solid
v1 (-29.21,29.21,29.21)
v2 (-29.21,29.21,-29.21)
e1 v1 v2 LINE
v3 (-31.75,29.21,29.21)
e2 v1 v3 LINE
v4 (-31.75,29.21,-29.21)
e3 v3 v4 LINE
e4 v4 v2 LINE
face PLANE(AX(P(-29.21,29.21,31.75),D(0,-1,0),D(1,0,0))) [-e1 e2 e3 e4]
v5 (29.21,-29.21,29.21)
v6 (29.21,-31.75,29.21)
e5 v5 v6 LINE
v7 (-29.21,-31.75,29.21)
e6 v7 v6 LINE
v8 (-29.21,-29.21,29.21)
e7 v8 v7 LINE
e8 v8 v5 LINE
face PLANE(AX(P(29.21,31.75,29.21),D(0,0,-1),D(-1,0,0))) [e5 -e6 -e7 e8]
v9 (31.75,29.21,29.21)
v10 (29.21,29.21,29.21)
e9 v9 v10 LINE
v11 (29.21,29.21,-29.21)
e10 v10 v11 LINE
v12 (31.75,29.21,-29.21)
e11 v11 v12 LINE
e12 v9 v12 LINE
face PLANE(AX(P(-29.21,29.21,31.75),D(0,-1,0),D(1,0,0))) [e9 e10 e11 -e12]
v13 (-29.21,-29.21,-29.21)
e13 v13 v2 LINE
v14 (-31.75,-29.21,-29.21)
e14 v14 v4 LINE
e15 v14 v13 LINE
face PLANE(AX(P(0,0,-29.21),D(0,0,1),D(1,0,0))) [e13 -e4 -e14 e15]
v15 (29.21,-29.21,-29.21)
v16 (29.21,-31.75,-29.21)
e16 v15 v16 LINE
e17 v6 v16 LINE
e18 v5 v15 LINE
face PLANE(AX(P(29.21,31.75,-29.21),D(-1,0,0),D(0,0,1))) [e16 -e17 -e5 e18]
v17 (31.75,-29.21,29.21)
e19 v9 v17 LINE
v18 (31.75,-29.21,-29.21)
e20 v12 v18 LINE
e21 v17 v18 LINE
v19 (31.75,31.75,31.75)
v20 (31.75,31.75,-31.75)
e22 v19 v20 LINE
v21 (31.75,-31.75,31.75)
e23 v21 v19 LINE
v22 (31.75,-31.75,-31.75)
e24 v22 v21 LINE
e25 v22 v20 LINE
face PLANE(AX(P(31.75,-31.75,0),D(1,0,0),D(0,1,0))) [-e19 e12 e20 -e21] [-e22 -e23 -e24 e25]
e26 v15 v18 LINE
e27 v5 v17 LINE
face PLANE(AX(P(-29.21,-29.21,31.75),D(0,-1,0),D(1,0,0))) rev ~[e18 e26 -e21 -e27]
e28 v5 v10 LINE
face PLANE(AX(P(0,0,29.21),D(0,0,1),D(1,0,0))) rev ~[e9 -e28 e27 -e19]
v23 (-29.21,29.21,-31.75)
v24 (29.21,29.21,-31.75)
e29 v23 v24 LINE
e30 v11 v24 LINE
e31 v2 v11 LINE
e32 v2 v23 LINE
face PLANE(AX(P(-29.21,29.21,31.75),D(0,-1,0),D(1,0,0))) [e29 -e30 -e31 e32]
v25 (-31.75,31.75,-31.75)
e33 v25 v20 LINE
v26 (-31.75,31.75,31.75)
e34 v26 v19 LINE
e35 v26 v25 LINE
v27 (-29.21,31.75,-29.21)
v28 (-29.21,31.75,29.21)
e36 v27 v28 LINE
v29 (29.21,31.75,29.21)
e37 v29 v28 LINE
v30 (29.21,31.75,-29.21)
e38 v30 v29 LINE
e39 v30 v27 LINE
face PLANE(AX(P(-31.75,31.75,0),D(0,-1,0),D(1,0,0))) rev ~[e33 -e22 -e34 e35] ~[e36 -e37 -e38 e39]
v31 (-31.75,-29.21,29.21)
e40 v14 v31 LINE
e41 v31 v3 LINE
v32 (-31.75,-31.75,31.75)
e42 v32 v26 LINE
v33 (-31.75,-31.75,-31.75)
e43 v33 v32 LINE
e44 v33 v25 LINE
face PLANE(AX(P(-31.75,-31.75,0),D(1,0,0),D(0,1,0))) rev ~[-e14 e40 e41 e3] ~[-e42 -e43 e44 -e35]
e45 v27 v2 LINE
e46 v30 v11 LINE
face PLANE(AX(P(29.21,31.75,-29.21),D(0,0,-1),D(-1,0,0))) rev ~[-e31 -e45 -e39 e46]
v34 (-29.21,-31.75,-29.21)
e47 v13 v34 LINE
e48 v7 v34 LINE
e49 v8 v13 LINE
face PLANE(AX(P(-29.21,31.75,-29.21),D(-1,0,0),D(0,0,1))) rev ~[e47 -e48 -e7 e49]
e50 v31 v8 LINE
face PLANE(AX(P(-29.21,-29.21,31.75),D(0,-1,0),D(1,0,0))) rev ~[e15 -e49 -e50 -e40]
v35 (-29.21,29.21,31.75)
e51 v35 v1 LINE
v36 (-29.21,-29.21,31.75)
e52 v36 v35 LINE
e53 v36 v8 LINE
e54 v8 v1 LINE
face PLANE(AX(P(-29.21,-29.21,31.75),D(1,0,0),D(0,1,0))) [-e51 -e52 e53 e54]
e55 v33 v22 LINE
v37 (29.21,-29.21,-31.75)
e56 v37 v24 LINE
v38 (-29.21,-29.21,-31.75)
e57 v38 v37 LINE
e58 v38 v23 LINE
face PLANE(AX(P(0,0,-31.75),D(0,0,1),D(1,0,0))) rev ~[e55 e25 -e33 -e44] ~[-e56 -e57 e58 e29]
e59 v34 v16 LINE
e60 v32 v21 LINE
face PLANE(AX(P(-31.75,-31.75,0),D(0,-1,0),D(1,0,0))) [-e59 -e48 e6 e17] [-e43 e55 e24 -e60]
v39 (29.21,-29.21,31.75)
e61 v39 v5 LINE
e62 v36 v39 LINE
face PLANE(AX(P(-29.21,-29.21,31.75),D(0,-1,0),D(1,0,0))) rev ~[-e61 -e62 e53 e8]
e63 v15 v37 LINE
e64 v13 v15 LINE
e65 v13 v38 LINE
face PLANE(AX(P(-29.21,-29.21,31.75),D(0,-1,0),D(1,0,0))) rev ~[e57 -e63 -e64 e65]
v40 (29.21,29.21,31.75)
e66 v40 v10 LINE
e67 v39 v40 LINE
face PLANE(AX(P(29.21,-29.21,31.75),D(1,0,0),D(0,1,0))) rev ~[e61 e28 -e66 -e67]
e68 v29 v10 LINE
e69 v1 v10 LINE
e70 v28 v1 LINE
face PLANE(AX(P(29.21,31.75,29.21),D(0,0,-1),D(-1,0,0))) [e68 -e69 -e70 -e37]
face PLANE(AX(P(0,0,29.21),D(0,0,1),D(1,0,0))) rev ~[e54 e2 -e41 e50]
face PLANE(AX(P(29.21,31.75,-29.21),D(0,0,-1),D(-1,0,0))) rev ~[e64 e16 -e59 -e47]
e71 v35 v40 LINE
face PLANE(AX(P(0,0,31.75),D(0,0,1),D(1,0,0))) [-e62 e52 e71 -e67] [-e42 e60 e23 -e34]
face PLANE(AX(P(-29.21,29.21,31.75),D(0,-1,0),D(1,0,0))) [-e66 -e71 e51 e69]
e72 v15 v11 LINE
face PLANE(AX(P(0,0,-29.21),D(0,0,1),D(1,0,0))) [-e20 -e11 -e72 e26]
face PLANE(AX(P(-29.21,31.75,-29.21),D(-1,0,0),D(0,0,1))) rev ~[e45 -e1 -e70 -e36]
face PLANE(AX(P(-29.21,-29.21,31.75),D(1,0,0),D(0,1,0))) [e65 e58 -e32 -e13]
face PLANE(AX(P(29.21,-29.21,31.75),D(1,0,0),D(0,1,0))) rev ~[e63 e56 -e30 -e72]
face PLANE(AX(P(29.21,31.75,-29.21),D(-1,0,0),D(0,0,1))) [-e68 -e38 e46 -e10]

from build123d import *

# Parameters (mm, degrees)
F0_W     = 63.5
F0_H     = 63.5
F1_DEPTH = 31.75
F2_T     = -2.54
F3_DEPTH = 2.541
F4_W     = 58.42
F4_H     = 58.42
F5_DEPTH = 63.501
F6_W     = 58.42
F6_H     = 58.42
F7_DEPTH = 63.501


with BuildPart() as f1:
    # F0 (on Top) → F1 (new body, symmetric)
    with BuildSketch(Plane.XY):
        Rectangle(F0_W, F0_H)
    extrude(amount=F1_DEPTH, both=True)

    # F2
    f2_openings = [f1.faces().sort_by_distance(p)[0] for p in [
        (-31.75, 0, 0),
    ]]
    offset(amount=F2_T, openings=f2_openings)

    # F3 (cut, through all): a face of the model
    f3_faces = [f1.faces().sort_by_distance(p)[0] for p in [
        (29.21, 0, 0),
    ]]
    extrude(f3_faces, amount=-F3_DEPTH, mode=Mode.SUBTRACT)

    # F4 (on face) → F5 (cut, through all)
    with BuildSketch(Plane.XY.offset(31.75)):
        Rectangle(F4_W, F4_H)
    extrude(amount=-F5_DEPTH, mode=Mode.SUBTRACT)

    # F6 (on face) → F7 (cut, through all)
    with BuildSketch(Plane(origin=(0, 31.75, 0), x_dir=(-1, 0, 0), z_dir=(0, 1, 0))):
        Rectangle(F6_W, F6_H)
    extrude(amount=-F7_DEPTH, mode=Mode.SUBTRACT)


solid = f1.part
